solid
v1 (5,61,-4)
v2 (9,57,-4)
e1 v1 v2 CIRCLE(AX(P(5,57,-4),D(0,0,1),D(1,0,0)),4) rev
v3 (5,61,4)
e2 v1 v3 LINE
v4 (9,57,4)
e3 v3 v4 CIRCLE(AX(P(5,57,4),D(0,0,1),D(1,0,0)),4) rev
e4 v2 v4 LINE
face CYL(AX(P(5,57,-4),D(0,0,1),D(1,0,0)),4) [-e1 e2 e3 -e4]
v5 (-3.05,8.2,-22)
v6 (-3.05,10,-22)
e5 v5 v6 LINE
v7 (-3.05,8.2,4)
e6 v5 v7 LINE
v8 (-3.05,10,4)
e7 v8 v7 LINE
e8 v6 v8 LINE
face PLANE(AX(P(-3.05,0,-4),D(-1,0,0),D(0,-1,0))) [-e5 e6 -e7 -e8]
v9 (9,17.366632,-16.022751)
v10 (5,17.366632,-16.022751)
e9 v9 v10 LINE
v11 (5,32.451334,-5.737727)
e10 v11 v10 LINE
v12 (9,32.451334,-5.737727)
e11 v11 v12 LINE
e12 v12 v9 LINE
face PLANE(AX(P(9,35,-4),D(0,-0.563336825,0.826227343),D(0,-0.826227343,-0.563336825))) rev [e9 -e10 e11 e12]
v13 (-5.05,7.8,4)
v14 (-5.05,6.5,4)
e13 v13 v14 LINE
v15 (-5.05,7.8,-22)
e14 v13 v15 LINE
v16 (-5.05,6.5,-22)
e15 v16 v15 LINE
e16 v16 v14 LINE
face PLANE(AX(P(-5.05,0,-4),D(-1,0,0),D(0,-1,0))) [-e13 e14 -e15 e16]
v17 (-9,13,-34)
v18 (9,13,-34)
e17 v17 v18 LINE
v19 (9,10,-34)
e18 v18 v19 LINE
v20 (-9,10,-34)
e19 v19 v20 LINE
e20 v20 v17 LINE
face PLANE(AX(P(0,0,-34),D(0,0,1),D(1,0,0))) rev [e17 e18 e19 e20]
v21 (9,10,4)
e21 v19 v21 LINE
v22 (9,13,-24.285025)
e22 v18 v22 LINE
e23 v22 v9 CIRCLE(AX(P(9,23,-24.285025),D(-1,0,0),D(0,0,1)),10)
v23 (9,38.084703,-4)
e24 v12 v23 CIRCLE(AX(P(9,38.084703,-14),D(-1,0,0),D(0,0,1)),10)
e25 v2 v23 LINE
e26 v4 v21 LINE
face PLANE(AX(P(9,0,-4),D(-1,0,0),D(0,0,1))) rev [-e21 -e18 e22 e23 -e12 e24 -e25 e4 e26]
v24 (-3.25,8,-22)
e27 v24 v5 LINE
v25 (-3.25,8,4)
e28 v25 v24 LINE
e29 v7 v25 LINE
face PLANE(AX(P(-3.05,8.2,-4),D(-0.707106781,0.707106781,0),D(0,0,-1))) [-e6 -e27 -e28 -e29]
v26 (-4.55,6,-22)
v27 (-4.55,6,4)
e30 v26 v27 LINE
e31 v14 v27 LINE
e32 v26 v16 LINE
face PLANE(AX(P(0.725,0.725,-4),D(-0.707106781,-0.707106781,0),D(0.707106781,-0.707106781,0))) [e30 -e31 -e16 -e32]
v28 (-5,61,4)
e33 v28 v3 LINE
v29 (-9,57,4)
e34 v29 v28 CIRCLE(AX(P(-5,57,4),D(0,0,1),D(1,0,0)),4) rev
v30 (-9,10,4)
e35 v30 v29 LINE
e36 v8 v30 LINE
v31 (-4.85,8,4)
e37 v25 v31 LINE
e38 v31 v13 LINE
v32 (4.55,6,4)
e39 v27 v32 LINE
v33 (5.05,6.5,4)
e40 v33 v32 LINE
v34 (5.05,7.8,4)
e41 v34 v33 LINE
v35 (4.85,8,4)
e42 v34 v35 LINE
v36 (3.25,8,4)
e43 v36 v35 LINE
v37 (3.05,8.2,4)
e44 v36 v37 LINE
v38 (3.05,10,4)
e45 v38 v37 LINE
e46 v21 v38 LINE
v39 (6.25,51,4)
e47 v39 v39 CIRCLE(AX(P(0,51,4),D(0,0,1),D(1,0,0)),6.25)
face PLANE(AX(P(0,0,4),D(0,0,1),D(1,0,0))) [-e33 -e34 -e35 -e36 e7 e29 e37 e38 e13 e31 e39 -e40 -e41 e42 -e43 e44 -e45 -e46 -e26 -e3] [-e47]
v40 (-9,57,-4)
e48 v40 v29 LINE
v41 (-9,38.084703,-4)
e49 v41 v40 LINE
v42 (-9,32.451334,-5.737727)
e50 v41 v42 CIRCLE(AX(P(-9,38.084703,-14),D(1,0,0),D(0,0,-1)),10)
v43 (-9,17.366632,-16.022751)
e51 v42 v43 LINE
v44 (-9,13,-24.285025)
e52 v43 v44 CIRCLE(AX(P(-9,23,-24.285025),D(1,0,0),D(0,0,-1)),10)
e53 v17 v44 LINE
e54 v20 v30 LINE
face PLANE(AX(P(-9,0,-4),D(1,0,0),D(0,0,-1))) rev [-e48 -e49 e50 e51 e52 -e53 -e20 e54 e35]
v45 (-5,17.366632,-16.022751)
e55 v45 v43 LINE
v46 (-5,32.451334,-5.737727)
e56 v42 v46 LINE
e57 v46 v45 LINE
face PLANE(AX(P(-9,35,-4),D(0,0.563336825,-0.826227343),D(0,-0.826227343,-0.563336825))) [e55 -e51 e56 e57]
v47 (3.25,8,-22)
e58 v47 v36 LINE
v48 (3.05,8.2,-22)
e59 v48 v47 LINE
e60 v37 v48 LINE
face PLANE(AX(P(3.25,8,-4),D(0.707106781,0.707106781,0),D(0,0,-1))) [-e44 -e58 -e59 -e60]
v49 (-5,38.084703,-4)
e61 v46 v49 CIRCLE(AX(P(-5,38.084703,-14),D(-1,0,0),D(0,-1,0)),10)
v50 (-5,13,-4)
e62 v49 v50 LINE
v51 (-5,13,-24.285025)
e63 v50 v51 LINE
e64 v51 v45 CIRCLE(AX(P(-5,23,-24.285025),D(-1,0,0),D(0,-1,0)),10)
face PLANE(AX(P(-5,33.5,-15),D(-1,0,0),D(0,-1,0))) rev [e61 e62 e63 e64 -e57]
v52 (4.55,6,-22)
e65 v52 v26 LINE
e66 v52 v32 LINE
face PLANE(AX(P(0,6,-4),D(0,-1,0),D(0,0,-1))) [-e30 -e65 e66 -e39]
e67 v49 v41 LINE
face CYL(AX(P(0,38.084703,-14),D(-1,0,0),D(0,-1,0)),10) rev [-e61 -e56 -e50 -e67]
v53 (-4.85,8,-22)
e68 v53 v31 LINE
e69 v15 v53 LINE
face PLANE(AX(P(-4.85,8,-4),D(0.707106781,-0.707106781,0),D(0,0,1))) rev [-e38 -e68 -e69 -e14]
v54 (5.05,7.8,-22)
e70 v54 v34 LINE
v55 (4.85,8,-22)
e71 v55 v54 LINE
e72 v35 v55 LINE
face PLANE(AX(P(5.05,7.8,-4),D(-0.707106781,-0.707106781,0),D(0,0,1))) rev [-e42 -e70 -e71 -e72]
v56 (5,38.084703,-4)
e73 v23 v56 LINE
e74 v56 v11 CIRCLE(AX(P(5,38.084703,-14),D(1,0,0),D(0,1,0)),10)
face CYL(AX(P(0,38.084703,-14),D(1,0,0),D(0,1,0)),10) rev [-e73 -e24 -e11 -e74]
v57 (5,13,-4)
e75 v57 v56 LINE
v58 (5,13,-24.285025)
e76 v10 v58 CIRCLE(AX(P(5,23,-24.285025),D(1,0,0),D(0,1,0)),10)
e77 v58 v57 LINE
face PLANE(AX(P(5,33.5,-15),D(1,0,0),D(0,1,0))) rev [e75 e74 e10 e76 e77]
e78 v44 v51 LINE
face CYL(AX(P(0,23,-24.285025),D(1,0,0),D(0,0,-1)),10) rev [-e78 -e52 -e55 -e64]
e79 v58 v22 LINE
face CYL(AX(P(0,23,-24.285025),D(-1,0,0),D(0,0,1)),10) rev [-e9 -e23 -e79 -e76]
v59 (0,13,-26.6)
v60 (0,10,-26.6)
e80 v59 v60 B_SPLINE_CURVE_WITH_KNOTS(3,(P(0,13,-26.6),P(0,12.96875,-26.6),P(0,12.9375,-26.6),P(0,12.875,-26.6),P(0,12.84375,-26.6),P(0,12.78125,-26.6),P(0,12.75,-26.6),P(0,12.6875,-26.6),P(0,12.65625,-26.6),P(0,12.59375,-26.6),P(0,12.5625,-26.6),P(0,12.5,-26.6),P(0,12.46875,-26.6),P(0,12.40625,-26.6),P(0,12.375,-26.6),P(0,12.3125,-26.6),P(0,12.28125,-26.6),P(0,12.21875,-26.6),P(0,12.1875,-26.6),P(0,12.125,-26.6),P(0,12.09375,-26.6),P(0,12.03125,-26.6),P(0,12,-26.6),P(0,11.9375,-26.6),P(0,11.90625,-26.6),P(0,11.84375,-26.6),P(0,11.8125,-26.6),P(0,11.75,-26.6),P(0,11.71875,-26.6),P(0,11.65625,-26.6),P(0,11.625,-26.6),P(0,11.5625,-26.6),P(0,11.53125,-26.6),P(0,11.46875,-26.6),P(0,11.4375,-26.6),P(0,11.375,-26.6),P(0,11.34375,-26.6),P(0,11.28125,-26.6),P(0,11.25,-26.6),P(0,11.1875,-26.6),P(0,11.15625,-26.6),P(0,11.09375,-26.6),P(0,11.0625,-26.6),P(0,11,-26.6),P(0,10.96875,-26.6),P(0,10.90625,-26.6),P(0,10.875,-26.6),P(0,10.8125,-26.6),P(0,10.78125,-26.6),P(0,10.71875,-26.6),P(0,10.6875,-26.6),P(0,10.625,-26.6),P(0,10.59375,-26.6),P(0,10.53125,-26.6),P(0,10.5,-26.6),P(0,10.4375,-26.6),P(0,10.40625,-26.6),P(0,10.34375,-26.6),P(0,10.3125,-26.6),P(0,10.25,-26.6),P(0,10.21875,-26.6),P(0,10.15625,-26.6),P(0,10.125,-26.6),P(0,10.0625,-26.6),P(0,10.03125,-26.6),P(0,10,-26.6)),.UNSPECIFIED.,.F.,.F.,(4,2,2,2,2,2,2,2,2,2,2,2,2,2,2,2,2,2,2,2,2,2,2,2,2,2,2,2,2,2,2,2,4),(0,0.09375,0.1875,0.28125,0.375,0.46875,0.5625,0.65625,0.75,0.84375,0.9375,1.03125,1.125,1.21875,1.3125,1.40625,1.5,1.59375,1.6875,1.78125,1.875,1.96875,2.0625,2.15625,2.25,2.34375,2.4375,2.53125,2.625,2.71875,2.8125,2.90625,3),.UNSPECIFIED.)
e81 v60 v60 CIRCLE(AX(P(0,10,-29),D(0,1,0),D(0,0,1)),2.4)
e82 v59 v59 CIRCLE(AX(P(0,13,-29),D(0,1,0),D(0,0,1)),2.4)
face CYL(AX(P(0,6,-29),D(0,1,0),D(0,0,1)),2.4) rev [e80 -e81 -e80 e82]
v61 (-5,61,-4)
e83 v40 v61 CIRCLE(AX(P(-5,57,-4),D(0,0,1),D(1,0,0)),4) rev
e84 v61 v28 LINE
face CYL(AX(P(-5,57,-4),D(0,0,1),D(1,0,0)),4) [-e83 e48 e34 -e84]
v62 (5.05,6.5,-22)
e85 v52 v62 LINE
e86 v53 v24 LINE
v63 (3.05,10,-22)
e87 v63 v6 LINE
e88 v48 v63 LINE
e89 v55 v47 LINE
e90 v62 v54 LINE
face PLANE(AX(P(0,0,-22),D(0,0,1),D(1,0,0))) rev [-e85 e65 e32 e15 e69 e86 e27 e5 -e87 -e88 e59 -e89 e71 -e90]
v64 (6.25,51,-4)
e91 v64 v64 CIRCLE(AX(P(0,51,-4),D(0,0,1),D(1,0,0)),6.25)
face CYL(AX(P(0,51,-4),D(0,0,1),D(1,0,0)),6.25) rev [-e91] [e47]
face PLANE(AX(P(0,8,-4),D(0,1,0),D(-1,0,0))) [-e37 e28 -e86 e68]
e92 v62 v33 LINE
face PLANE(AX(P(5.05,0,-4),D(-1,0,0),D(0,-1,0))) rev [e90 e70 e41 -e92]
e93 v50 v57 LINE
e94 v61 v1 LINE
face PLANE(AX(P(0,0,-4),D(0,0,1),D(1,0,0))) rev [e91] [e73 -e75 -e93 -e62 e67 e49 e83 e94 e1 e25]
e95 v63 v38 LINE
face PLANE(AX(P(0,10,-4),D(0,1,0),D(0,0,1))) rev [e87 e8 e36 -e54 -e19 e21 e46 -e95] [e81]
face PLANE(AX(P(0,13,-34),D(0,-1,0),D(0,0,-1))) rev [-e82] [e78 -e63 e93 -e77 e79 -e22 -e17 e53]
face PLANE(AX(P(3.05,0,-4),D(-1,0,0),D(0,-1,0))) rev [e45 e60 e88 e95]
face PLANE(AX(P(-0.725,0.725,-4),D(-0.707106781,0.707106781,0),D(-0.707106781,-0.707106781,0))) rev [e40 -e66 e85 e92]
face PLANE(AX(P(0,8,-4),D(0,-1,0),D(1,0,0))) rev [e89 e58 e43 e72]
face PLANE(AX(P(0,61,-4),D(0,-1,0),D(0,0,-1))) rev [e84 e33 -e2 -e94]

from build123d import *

# Parameters (mm, degrees)
EXTRUDE_1_DEPTH      = 4
EXTRUDE_1_DEPTH_BACK = 4
SKETCH_1_R           = 6.25
EXTRUDE_2_DEPTH      = 34
RIB_1_REACH          = 74.118
SKETCH_2_WALL_W      = 172.862971768
SKETCH_2_WALL_H      = 4
FILLET_1_R           = 10
EXTRUDE_3_DEPTH      = 22
CHAMFER_1_SIZE       = 0.2
SKETCH_4_R           = 2.4
CUT_EXTRUDE_1_DEPTH  = 60.506302187


with BuildPart() as part:
    # 草图1 → 凸台-拉伸1 (new, two sides: drawn at the far end of the back side and taken through both)
    # profile 1 of 3: a face of its own
    with BuildSketch(Plane.XY.offset(-EXTRUDE_1_DEPTH_BACK)):
        Polygon((-9, 10), (-3.05, 10), (3.05, 10), (9, 10), (9, 13), (-9, 13), align=None)
    # profile 2 of 3: a face of its own
    with BuildSketch(Plane.XY.offset(-EXTRUDE_1_DEPTH_BACK)):
        Polygon((3.05, 10), (-3.05, 10), (-3.05, 8), (-5.05, 8), (-5.05, 6.5), (-4.55, 6), (4.55, 6), (5.05, 6.5), (5.05, 8), (3.05, 8), align=None)
    # profile 3 of 3: a face of its own
    with BuildSketch(Plane.XY.offset(-EXTRUDE_1_DEPTH_BACK)):
        with BuildLine():
            Line((-9, 57), (-9, 13))
            Line((-9, 13), (9, 13))
            Line((9, 13), (9, 57))
            ThreePointArc((9, 57), (7.828427125, 59.828427125), (5, 61))
            Line((5, 61), (-5, 61))
            ThreePointArc((-5, 61), (-7.828427125, 59.828427125), (-9, 57))
        make_face()
        with Locations((0, 51)):
            Circle(SKETCH_1_R, mode=Mode.SUBTRACT)
    extrude(amount=EXTRUDE_1_DEPTH + EXTRUDE_1_DEPTH_BACK)

    # 草图1<6> → 凸台-拉伸2 (add)
    with BuildSketch(Plane.XY):
        Polygon((-9, 10), (-3.05, 10), (3.05, 10), (9, 10), (9, 13), (-9, 13), align=None)
    extrude(amount=-EXTRUDE_2_DEPTH)

    # 草图2 wall → 筋1 (add, up to next)
    with BuildSketch(Plane(origin=(9, 24, -11.5), x_dir=(0, -0.826227342808, -0.563336824642), z_dir=(0, 0.563336824642, -0.826227342808)), mode=Mode.PRIVATE) as rib_1_sk1:
        with Locations((0, 2)):
            Rectangle(SKETCH_2_WALL_W, SKETCH_2_WALL_H)
    rib_1_tool1 = extrude(rib_1_sk1.sketch, amount=-RIB_1_REACH, mode=Mode.PRIVATE) - part.part
    rib_1 = rib_1_tool1.solids().sort_by_distance((9, 24, -11.5))[0]
    add(rib_1)

    # 镜向1: 筋1 across plane
    add(rib_1.mirror(Plane(origin=(0, 0, 0), x_dir=(0, 0, 1), z_dir=(1, 0, 0))))

    # 圆角1
    fillet_1_edges = [part.edges().sort_by_distance(p)[0] for p in [
        (7, 13, -19),
        (7, 35, -4),
        (-7, 13, -19),
        (-7, 35, -4),
    ]]
    fillet(fillet_1_edges, radius=FILLET_1_R)

    # 草图1<7> → 凸台-拉伸3 (add)
    with BuildSketch(Plane.XY):
        Polygon((3.05, 8), (5.05, 8), (5.05, 6.5), (4.55, 6), (-4.55, 6), (-5.05, 6.5), (-5.05, 8), (-3.05, 8), (-3.05, 10), (3.05, 10), align=None)
    extrude(amount=-EXTRUDE_3_DEPTH)

    # 倒角1
    chamfer_1_edges = [part.edges().sort_by_distance(p)[0] for p in [
        (5.05, 8, -9),
        (-5.05, 8, -9),
        (-3.05, 8, -9),
        (3.05, 8, -9),
    ]]
    chamfer(chamfer_1_edges, length=CHAMFER_1_SIZE)

    # 草图4 → 切除-拉伸1 (cut, through all)
    with BuildSketch(Plane(origin=(0, 13, 0), x_dir=(1, 0, 0), z_dir=(0, 1, 0))):
        with Locations(Location((0, 29, 0), (0, 0, 270))):
            Circle(SKETCH_4_R)
    extrude(amount=-CUT_EXTRUDE_1_DEPTH, mode=Mode.SUBTRACT)


solid = part.part
